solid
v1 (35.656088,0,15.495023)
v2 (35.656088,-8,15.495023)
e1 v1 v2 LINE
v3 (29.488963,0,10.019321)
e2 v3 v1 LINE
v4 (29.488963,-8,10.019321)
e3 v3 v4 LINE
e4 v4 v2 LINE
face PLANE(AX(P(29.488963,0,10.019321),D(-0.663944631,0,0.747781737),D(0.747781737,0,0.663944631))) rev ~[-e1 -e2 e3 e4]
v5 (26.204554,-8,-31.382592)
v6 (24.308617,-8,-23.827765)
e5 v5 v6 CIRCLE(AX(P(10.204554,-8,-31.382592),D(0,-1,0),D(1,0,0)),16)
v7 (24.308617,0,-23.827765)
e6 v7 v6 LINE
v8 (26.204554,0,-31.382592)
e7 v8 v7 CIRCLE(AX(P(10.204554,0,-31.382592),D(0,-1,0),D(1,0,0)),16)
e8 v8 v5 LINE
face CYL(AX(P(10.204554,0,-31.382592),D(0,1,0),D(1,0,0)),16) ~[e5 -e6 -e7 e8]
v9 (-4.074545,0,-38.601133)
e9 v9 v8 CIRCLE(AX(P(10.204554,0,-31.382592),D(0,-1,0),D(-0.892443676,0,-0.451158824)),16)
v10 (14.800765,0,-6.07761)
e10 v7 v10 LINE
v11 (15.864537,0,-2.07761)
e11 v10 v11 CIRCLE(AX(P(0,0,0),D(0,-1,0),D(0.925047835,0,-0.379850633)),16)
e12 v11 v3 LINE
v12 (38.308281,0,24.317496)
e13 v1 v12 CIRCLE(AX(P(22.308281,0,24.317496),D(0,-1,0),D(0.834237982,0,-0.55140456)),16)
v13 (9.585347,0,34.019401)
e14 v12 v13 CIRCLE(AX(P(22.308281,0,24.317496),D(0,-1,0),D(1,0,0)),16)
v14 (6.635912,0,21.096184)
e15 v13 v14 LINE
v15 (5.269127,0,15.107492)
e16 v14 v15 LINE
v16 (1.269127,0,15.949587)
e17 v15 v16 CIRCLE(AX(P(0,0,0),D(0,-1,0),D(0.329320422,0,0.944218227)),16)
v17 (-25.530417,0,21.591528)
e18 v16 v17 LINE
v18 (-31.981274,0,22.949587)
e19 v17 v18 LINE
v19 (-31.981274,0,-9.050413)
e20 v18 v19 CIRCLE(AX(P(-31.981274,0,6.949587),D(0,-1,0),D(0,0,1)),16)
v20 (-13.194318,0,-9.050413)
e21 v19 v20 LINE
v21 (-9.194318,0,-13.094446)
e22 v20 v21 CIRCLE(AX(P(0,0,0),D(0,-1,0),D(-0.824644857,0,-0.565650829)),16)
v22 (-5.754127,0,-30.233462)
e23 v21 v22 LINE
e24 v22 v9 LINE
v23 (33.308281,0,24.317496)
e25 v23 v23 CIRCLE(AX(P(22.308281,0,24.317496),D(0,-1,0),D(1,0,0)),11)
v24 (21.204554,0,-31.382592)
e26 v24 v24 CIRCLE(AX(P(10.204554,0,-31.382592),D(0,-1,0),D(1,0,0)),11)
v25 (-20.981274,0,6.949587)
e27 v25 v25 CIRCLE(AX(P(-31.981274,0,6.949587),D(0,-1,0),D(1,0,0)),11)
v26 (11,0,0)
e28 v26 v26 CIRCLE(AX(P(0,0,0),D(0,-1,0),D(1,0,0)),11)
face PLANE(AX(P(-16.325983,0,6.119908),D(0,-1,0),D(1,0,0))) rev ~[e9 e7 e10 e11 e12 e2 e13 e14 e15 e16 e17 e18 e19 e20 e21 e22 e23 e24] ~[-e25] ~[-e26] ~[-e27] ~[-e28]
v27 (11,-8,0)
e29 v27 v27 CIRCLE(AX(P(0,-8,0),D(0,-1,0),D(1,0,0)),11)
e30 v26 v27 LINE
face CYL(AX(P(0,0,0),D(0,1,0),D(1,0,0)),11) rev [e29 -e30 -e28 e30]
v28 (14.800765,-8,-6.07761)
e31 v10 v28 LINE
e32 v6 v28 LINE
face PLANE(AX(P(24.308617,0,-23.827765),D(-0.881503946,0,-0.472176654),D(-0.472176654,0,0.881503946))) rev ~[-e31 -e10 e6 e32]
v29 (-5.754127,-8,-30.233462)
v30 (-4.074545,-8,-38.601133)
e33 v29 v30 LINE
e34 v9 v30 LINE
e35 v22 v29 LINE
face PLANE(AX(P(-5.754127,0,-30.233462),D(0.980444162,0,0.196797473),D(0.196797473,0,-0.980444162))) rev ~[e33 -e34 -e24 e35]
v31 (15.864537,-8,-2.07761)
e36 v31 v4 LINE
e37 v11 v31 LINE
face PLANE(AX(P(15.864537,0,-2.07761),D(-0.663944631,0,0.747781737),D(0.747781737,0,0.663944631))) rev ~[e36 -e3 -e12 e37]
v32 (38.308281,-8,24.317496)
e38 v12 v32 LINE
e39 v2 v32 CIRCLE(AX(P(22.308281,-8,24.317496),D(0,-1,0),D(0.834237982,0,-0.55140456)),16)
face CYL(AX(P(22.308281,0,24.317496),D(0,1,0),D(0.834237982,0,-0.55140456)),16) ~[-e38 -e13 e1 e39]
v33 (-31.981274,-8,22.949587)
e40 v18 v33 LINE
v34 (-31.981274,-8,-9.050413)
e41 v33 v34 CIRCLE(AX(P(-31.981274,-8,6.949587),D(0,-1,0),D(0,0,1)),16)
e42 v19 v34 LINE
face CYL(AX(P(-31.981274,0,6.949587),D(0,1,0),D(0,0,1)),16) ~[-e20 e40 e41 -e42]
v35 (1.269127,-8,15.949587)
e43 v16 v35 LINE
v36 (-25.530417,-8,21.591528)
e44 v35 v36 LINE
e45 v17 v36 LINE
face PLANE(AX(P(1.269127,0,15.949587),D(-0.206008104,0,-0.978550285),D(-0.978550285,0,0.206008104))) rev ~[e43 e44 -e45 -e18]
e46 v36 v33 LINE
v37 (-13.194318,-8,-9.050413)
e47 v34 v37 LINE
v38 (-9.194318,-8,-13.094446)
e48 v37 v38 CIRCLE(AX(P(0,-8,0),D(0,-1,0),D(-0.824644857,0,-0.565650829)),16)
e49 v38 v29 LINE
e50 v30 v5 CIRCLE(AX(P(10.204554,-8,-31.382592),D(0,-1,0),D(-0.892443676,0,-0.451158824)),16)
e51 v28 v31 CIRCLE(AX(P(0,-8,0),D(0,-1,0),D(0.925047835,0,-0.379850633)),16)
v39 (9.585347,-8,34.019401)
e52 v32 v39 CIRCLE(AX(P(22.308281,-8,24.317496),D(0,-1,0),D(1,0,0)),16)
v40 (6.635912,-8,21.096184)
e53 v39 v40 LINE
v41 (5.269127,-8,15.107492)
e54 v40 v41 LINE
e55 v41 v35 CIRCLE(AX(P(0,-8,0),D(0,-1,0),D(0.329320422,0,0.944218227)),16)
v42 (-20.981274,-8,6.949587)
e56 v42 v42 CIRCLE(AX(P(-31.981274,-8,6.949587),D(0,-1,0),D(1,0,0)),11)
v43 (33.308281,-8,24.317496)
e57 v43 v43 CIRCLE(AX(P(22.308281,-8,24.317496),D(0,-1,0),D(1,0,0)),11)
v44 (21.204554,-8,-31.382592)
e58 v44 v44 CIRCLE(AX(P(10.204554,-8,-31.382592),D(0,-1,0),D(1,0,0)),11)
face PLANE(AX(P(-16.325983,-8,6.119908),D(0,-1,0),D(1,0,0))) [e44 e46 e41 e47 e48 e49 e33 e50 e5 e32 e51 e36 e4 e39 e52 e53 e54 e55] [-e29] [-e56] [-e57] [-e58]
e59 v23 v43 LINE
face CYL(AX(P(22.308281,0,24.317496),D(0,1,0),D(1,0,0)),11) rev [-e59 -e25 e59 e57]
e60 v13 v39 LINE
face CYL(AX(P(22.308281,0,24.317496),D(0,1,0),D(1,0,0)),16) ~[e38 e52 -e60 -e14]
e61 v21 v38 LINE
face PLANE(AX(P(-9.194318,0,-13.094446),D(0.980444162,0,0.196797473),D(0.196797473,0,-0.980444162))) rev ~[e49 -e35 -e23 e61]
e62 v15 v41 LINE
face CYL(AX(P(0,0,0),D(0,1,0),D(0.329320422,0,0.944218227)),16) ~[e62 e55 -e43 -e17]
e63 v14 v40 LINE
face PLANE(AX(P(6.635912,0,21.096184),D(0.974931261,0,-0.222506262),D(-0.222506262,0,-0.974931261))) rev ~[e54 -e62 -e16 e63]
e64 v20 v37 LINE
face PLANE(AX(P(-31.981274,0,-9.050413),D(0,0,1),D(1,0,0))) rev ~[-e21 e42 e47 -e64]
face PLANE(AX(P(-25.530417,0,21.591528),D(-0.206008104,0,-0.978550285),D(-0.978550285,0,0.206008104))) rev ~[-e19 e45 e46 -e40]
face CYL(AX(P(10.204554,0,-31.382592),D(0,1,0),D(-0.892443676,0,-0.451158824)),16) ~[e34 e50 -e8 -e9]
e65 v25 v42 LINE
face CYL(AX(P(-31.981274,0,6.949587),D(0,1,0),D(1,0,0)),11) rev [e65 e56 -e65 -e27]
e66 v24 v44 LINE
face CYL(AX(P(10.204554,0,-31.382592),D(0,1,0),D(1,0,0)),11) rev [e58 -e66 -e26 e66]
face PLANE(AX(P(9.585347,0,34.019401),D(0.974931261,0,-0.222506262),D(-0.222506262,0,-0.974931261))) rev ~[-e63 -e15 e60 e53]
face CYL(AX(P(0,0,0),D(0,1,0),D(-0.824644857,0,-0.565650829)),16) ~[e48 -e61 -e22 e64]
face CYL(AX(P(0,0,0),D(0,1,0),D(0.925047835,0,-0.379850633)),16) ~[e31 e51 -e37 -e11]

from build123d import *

# Parameters (mm, degrees)
F0_R     = 11
F1_DEPTH = 8


with BuildPart() as f1:
    # F0 (on Front) → F1 (new body)
    with BuildSketch(Plane.XZ):
        with BuildLine():
            ThreePointArc((-13.1943177118, -9.0504132569), (-13.849279578, 8.0123314441), (1.2691267564, 15.9495867431))
            Line((1.2691267564, 15.9495867431), (-25.5304165953, 21.5915278936))
            ThreePointArc((-25.5304165953, 21.5915278936), (-18.5795255312, 15.6899037824), (-15.981273852, 6.9495867431))
            ThreePointArc((-15.981273852, 6.9495867431), (-20.667565353, -4.3641217559), (-31.981273852, -9.0504132569))
            Line((-31.981273852, -9.0504132569), (-13.1943177118, -9.0504132569))
        make_face()
        with BuildLine():
            ThreePointArc((-15.981273852, 6.9495867431), (-18.5795255312, 15.6899037824), (-25.5304165953, 21.5915278936))
            Line((-25.5304165953, 21.5915278936), (-31.981273852, 22.9495867431))
            ThreePointArc((-31.981273852, 22.9495867431), (-47.981273852, 6.9495867431), (-31.981273852, -9.0504132569))
            ThreePointArc((-31.981273852, -9.0504132569), (-20.667565353, -4.3641217559), (-15.981273852, 6.9495867431))
        make_face()
        with Locations((-31.981273852, 6.9495867431)):
            Circle(F0_R, mode=Mode.SUBTRACT)
        with BuildLine():
            ThreePointArc((29.4889629351, 10.0193213161), (15.3296414999, 9.9196283217), (6.6359117776, 21.0961835026))
            Line((6.6359117776, 21.0961835026), (5.2691267564, 15.1074916258))
            ThreePointArc((5.2691267564, 15.1074916258), (13.0442713116, 9.2653648578), (16, 0))
            ThreePointArc((16, 0), (15.9660983487, -1.0410108159), (15.8645370601, -2.0776101336))
            Line((15.8645370601, -2.0776101336), (29.4889629351, 10.0193213161))
        make_face()
        with BuildLine():
            ThreePointArc((16, 0), (13.0442713116, 9.2653648578), (5.2691267564, 15.1074916258))
            ThreePointArc((5.2691267564, 15.1074916258), (3.2961296692, 15.6568045655), (1.2691267564, 15.9495867431))
            ThreePointArc((1.2691267564, 15.9495867431), (-13.849279578, 8.0123314441), (-13.1943177118, -9.0504132569))
            ThreePointArc((-13.1943177118, -9.0504132569), (-11.3754692072, -11.2516087879), (-9.1943177118, -13.0944462202))
            ThreePointArc((-9.1943177118, -13.0944462202), (4.4907750954, -15.3568531621), (14.800765354, -6.0776101336))
            ThreePointArc((14.800765354, -6.0776101336), (15.4625416099, -4.1121535675), (15.8645370601, -2.0776101336))
            ThreePointArc((15.8645370601, -2.0776101336), (15.9660983487, -1.0410108159), (16, 0))
        make_face()
        Circle(F0_R, mode=Mode.SUBTRACT)
        with BuildLine():
            ThreePointArc((35.6560883384, 15.4950231131), (37.6308933821, 19.7112461631), (38.3082806248, 24.3174960793))
            ThreePointArc((38.3082806248, 24.3174960793), (27.4284889877, 39.4761063823), (9.5853473348, 34.0194014848))
            Line((9.5853473348, 34.0194014848), (6.6359117776, 21.0961835026))
            ThreePointArc((6.6359117776, 21.0961835026), (15.3296414999, 9.9196283217), (29.4889629351, 10.0193213161))
            Line((29.4889629351, 10.0193213161), (35.6560883384, 15.4950231131))
        make_face()
        with Locations((22.3082806248, 24.3174960793)):
            Circle(F0_R, mode=Mode.SUBTRACT)
        with BuildLine():
            Line((24.3086172261, -23.8277654665), (14.800765354, -6.0776101336))
            ThreePointArc((14.800765354, -6.0776101336), (4.4907750954, -15.3568531621), (-9.1943177118, -13.0944462202))
            Line((-9.1943177118, -13.0944462202), (-5.7541269407, -30.2334618149))
            ThreePointArc((-5.7541269407, -30.2334618149), (6.8701668376, -15.7338903278), (24.3086172261, -23.8277654665))
        make_face()
        with BuildLine():
            ThreePointArc((26.2045540821, -31.3825919259), (25.7233331949, -27.4880451167), (24.3086172261, -23.8277654665))
            ThreePointArc((24.3086172261, -23.8277654665), (6.8701668376, -15.7338903278), (-5.7541269407, -30.2334618149))
            Line((-5.7541269407, -30.2334618149), (-4.0745447366, -38.6011331168))
            ThreePointArc((-4.0745447366, -38.6011331168), (13.9149731218, -46.9464214851), (26.2045540821, -31.3825919259))
        make_face()
        with Locations((10.2045540821, -31.3825919259)):
            Circle(F0_R, mode=Mode.SUBTRACT)
    extrude(amount=F1_DEPTH)


solid = f1.part
